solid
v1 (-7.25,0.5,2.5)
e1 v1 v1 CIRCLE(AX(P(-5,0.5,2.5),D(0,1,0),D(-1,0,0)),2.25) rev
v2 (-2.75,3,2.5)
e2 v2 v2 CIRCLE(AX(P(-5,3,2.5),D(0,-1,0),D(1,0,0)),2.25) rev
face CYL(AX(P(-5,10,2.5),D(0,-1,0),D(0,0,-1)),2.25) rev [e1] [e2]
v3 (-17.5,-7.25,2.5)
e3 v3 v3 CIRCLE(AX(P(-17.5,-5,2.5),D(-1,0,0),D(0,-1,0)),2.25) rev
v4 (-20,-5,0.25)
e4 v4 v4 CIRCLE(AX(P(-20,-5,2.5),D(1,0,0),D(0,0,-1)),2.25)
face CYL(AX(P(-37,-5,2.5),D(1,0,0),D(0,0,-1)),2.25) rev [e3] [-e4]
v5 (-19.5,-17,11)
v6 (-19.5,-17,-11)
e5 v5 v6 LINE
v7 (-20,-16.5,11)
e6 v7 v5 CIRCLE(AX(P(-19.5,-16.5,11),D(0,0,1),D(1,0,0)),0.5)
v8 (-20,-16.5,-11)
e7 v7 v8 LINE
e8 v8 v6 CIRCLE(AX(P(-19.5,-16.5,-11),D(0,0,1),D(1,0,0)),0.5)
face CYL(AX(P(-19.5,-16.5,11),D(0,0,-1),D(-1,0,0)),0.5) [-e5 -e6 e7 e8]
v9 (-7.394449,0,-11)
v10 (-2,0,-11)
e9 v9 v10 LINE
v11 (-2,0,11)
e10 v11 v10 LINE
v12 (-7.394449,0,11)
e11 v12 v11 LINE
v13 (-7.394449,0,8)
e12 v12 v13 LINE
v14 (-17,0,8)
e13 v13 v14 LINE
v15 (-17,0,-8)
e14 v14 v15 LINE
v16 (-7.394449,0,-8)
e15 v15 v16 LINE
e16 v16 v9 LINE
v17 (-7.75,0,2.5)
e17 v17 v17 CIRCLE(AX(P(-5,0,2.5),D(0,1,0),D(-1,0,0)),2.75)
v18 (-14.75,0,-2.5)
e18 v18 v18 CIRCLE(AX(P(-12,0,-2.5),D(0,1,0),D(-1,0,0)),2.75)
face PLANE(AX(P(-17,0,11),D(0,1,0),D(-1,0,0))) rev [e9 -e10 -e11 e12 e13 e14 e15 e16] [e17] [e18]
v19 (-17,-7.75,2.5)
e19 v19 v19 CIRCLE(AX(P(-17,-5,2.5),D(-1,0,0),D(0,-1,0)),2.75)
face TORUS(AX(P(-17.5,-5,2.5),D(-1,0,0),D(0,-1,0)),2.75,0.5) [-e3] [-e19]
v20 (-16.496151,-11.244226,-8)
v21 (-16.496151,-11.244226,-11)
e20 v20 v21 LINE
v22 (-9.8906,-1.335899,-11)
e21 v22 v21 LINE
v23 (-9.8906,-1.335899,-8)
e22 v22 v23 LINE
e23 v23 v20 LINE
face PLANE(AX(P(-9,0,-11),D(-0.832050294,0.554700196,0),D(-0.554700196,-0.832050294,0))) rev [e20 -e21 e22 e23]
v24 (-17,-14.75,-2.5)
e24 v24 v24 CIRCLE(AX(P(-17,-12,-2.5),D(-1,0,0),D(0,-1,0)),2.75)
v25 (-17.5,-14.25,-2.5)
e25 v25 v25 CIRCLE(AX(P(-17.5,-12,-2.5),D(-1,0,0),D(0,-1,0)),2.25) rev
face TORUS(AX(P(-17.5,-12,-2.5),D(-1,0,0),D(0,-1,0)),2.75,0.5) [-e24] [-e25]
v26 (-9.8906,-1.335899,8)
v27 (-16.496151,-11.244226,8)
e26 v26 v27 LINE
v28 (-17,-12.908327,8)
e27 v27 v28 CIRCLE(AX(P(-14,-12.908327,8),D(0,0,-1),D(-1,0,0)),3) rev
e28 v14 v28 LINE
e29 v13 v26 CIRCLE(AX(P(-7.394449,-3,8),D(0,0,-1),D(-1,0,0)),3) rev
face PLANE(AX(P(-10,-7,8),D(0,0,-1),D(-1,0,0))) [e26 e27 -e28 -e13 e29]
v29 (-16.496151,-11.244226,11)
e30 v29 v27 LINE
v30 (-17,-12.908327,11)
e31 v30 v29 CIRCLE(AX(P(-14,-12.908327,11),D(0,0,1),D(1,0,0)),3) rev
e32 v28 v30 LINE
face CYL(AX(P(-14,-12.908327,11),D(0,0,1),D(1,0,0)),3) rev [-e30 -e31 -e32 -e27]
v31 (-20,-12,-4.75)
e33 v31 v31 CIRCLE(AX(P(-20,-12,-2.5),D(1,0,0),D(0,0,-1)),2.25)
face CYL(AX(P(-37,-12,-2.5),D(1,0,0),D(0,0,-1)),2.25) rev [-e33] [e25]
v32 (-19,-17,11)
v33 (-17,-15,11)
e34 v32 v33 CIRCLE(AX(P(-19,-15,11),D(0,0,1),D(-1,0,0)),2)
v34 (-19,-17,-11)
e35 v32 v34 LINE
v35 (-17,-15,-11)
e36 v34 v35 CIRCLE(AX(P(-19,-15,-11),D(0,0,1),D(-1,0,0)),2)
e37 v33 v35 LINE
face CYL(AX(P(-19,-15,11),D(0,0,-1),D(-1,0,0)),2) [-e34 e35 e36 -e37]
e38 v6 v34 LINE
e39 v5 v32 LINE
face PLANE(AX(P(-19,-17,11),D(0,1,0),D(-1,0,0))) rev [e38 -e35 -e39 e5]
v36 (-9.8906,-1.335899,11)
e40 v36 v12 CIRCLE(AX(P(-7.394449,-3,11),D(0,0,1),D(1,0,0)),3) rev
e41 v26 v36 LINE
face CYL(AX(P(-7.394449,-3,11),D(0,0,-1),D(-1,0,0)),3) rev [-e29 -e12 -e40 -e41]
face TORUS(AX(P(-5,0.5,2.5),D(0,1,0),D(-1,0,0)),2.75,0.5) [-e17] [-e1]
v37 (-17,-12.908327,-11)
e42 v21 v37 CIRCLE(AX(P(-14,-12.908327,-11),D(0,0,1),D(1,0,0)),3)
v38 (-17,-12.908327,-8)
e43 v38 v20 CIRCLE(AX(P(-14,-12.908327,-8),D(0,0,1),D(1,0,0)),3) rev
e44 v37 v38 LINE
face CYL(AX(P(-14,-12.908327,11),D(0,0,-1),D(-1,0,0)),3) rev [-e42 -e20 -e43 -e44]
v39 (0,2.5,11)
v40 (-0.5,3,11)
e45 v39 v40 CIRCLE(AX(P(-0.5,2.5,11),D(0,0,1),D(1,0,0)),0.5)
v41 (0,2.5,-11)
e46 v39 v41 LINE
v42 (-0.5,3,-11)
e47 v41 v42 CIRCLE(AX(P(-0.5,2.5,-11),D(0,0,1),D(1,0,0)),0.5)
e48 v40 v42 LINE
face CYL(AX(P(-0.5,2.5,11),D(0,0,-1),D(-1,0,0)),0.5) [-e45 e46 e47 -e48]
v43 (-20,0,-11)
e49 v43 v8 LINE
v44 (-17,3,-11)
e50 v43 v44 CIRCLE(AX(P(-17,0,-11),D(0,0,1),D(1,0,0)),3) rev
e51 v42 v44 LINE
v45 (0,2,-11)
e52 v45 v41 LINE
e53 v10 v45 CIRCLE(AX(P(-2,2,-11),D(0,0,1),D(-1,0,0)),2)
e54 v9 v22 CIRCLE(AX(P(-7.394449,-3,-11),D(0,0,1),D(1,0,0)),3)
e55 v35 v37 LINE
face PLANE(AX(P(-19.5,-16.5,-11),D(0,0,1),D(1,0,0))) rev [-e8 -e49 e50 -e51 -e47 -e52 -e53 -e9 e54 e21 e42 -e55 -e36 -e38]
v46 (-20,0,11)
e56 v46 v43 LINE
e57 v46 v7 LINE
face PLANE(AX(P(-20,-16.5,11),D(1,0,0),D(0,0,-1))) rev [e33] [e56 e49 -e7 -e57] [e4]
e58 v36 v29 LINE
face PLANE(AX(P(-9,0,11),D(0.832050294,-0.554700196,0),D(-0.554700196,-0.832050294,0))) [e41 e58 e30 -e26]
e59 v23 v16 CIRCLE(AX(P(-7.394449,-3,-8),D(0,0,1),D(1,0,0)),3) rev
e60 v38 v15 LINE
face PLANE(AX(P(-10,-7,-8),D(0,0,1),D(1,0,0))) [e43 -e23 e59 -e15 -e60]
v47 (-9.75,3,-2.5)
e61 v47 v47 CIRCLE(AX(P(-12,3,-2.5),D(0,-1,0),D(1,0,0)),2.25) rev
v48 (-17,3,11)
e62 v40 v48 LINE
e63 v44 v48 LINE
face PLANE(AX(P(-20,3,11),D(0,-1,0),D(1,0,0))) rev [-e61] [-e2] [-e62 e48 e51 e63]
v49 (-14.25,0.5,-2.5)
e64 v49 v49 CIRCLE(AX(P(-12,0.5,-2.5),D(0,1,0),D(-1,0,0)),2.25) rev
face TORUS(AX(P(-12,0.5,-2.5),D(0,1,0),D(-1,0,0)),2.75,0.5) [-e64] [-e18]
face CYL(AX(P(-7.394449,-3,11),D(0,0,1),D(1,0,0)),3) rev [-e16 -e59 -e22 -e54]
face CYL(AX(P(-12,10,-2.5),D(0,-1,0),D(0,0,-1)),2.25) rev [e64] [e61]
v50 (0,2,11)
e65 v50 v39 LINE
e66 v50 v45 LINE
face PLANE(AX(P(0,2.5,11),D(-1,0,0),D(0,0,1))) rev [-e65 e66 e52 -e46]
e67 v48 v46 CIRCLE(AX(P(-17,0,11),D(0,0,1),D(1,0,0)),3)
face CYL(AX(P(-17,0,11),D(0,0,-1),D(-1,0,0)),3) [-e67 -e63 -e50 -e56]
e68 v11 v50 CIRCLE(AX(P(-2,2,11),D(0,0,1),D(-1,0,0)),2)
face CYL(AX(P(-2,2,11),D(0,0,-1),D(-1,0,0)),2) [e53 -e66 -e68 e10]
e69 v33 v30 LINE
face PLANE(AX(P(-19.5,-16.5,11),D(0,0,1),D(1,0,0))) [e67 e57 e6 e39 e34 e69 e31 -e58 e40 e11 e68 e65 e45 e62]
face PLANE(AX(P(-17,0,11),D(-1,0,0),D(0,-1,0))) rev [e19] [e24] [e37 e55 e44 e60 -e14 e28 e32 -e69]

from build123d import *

# Parameters (mm, degrees)
EXTRUDE_1_DEPTH     = 11
SKETCH_4_R          = 2.25
CUT_EXTRUDE_1_DEPTH = 10
SKETCH_2_R          = 2.25
CUT_EXTRUDE_2_DEPTH = 20
FILLET_2_R          = 0.5
RIB_2_REACH         = 36.249
SKETCH_5_WALL_W     = 84.92038026
SKETCH_5_WALL_H     = 3
RIB_3_REACH         = 36.249
SKETCH_6_WALL_W     = 84.92038026
SKETCH_6_WALL_H     = 3
FILLET_3_R          = 3


with BuildPart() as part:
    # 草图1 → 凸台-拉伸1 (new, symmetric)
    with BuildSketch(Plane.XY):
        with BuildLine():
            Line((-17, 0), (-17, -15))
            ThreePointArc((-17, -15), (-17.585786438, -16.414213562), (-19, -17))
            Line((-19, -17), (-19.5, -17))
            ThreePointArc((-19.5, -17), (-19.853553391, -16.853553391), (-20, -16.5))
            Line((-20, -16.5), (-20, 3))
            Line((-20, 3), (-0.5, 3))
            ThreePointArc((-0.5, 3), (-0.146446609, 2.853553391), (0, 2.5))
            Line((0, 2.5), (0, 2))
            ThreePointArc((0, 2), (-0.585786438, 0.585786438), (-2, 0))
            Line((-2, 0), (-17, 0))
        make_face()
    extrude(amount=EXTRUDE_1_DEPTH, both=True)

    # 草图4 → 切除-拉伸1 (cut)
    with BuildSketch(Plane(origin=(0, 0, 0), x_dir=(1, 0, 0), z_dir=(0, 1, 0))):
        with Locations((-5, -2.5)):
            Circle(SKETCH_4_R)
        with Locations((-12, 2.5)):
            Circle(SKETCH_4_R)
    extrude(amount=CUT_EXTRUDE_1_DEPTH, mode=Mode.SUBTRACT)

    # 草图2 → 切除-拉伸2 (cut)
    with BuildSketch(Plane(origin=(-17, 0, 0), x_dir=(0, 0, -1), z_dir=(1, 0, 0))):
        with Locations((2.5, -12)):
            Circle(SKETCH_2_R)
        with Locations((-2.5, -5)):
            Circle(SKETCH_2_R)
    extrude(amount=-CUT_EXTRUDE_2_DEPTH, mode=Mode.SUBTRACT)

    # 圆角2
    fillet_2_edges = [part.edges().sort_by_distance(p)[0] for p in [
        (-7.25, 0, 2.5),
        (-14.25, 0, -2.5),
        (-17, -12, -0.25),
        (-17, -5, 4.75),
    ]]
    fillet(fillet_2_edges, radius=FILLET_2_R)

    # 草图5 wall → 筋2 (add, up to next)
    with BuildSketch(Plane(origin=(-13, -6, -11), x_dir=(-0.554700196225, -0.832050294338, 0), z_dir=(0.832050294338, -0.554700196225, 0)), mode=Mode.PRIVATE) as rib_2_sk1:
        with Locations((0, -1.5)):
            Rectangle(SKETCH_5_WALL_W, SKETCH_5_WALL_H)
    rib_2_tool1 = extrude(rib_2_sk1.sketch, amount=-RIB_2_REACH, mode=Mode.PRIVATE) - part.part
    add(rib_2_tool1.solids().sort_by_distance((-13, -6, -11))[0])

    # 草图6 wall → 筋3 (add, up to next)
    with BuildSketch(Plane(origin=(-13, -6, 11), x_dir=(-0.554700196225, -0.832050294338, 0), z_dir=(-0.832050294338, 0.554700196225, 0)), mode=Mode.PRIVATE) as rib_3_sk1:
        with Locations((0, -1.5)):
            Rectangle(SKETCH_6_WALL_W, SKETCH_6_WALL_H)
    rib_3_tool1 = extrude(rib_3_sk1.sketch, amount=RIB_3_REACH, mode=Mode.PRIVATE) - part.part
    add(rib_3_tool1.solids().sort_by_distance((-13, -6, 11))[0])

    # 圆角3
    fillet_3_edges = [part.edges().sort_by_distance(p)[0] for p in [
        (-20, 3, 0),
        (-17, -12, -9.5),
        (-9, 0, -9.5),
        (-17, -12, 9.5),
        (-9, 0, 9.5),
    ]]
    fillet(fillet_3_edges, radius=FILLET_3_R)


solid = part.part
